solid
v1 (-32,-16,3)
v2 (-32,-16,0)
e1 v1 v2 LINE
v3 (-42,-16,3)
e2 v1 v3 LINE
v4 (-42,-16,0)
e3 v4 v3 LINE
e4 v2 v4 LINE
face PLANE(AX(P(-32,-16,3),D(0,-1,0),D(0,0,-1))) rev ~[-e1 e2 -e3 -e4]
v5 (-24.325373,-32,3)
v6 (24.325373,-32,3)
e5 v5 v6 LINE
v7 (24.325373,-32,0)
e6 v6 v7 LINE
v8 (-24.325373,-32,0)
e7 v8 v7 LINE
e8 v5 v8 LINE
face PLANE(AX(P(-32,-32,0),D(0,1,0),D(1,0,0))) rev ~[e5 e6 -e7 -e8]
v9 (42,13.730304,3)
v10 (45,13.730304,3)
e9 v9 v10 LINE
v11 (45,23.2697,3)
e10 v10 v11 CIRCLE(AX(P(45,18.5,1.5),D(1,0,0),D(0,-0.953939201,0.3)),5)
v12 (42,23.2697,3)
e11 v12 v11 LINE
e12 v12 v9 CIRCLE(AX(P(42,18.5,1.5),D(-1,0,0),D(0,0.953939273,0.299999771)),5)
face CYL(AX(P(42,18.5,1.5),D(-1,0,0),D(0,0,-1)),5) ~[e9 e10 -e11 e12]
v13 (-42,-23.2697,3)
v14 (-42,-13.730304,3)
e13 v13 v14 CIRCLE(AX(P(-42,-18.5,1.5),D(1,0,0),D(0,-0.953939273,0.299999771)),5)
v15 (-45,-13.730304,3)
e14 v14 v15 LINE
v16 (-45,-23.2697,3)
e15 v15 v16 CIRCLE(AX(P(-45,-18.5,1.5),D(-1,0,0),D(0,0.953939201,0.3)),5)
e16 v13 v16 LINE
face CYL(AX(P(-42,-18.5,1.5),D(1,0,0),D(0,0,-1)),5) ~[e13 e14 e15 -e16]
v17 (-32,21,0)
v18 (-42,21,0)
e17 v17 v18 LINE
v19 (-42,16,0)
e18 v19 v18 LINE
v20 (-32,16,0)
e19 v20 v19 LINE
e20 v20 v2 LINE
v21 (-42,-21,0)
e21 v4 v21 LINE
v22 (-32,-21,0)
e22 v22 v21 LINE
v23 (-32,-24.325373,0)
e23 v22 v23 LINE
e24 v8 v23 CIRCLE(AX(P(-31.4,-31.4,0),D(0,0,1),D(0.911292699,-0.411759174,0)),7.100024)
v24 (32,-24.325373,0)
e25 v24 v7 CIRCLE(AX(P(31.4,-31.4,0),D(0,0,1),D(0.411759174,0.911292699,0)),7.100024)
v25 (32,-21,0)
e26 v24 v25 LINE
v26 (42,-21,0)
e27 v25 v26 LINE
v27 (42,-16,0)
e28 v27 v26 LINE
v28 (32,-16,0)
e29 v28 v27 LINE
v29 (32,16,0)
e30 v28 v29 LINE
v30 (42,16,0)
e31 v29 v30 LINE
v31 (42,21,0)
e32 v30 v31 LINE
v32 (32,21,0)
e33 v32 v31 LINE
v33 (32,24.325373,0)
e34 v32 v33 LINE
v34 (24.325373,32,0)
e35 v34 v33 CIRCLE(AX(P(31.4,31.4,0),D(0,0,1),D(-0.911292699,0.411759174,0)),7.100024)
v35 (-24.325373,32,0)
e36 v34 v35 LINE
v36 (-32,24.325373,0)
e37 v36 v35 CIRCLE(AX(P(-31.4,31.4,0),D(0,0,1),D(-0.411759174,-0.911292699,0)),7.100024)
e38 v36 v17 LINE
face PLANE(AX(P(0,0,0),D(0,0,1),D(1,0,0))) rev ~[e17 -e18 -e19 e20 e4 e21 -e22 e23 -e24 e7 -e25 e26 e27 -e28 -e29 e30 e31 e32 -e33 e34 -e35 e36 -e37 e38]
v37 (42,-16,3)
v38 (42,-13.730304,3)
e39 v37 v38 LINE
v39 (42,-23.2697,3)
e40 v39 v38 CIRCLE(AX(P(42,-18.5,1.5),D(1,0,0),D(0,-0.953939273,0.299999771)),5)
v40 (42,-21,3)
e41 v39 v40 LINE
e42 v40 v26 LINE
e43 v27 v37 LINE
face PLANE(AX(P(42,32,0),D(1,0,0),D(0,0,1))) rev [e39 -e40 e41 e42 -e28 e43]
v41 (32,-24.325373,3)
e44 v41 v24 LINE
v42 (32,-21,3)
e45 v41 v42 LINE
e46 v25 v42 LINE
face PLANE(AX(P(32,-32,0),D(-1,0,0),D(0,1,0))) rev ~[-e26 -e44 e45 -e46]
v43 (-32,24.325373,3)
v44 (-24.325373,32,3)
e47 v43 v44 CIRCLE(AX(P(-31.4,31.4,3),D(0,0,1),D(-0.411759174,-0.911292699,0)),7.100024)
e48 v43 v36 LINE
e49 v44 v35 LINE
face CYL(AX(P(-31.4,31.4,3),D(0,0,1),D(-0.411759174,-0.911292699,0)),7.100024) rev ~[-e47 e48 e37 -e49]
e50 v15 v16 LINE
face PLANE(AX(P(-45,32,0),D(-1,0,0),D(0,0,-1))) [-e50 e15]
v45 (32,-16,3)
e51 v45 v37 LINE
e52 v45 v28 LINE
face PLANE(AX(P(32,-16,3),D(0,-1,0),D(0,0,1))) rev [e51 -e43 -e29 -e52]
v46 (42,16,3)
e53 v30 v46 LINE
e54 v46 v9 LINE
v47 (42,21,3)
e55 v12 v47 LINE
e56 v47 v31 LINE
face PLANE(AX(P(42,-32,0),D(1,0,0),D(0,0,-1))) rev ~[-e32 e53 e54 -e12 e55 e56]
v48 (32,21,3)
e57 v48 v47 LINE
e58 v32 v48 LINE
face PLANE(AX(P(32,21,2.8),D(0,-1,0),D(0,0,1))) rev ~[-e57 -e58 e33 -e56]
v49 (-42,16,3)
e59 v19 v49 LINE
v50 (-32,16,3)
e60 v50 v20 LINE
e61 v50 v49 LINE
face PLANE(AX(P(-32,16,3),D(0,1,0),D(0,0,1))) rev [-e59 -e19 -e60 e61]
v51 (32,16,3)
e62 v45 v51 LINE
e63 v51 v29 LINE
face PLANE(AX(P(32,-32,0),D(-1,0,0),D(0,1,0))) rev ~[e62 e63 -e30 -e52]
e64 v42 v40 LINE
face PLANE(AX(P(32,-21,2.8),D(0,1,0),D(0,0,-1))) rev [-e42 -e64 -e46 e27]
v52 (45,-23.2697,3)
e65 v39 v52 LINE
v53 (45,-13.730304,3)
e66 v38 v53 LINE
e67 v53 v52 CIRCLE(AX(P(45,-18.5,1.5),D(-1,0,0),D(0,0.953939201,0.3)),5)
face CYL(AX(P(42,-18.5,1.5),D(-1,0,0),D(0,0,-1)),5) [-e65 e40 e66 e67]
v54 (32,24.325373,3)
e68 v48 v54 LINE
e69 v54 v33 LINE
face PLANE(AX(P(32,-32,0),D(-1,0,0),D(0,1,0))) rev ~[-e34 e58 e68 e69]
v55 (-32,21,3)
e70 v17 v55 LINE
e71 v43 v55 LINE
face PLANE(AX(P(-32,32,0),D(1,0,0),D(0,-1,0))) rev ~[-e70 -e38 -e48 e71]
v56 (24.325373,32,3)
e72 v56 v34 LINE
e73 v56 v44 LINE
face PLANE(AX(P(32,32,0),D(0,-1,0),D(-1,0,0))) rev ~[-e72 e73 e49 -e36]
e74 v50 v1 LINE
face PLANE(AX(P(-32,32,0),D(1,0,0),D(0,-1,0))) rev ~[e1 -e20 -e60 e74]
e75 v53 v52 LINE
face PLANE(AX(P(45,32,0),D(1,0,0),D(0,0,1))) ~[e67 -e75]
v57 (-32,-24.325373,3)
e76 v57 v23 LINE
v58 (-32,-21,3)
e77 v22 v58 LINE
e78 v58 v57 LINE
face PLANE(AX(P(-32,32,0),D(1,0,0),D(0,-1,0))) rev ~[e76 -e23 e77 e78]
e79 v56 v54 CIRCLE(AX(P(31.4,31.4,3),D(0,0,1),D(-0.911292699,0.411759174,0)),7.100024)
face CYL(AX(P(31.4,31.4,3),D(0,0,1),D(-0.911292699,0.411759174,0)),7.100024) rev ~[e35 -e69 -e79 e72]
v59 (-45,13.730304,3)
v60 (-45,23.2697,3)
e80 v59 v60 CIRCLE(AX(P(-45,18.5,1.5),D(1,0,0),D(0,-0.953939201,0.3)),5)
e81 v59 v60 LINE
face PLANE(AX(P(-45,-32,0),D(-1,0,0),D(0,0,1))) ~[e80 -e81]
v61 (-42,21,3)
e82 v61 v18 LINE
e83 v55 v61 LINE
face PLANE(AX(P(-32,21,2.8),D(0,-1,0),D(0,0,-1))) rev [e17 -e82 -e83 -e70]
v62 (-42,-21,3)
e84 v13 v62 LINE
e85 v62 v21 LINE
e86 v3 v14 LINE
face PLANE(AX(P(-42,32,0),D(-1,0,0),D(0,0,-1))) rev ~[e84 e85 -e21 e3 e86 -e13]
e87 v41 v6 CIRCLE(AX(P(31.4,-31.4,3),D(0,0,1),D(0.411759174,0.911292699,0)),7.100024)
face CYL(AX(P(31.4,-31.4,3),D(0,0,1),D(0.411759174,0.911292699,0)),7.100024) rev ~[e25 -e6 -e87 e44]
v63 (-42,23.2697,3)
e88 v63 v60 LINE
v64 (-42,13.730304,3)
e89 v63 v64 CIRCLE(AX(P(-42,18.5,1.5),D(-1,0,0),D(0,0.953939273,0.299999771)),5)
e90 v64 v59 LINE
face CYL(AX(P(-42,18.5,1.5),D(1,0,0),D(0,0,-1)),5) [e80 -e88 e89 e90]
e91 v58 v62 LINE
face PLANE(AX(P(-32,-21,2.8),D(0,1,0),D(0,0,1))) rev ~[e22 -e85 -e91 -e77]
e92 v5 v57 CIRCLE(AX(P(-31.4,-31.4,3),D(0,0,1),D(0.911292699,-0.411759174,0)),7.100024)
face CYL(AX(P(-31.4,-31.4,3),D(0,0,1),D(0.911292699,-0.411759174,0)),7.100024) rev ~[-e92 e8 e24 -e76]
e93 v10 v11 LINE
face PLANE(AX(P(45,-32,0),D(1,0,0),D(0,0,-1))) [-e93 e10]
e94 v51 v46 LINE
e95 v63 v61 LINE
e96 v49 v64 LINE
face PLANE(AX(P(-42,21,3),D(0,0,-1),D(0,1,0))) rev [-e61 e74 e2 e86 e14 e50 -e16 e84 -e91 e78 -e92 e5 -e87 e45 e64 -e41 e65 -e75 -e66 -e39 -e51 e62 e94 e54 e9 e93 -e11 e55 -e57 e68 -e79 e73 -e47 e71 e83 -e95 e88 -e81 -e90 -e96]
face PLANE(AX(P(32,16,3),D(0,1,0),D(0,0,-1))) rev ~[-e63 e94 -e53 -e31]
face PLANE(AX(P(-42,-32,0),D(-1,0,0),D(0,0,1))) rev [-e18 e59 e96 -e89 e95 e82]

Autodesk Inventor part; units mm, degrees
ref_plane "YZ Plane" through (0, 0, 0) normal (1, 0, 0) x (0, 1, 0)
ref_plane "XZ Plane" through (0, 0, 0) normal (0, 1, 0) x (-1, 0, 0)
ref_plane "XY Plane" through (0, 0, 0) normal (0, 0, 1) x (1, 0, 0)
sketch "Boceto1" plane through (0, 0, 0) normal (0, 0, 1) x (1, 0, 0)
  line L0 (-32, -32) -> (32, -32)
  line L1 (32, -32) -> (32, 32)
  line L2 (32, 32) -> (-32, 32)
  line L3 (-32, 32) -> (-32, -32)
  line L4 (-32, -32) -> (32, 32) construction
  line L5 (32, -32) -> (-32, 32) construction
  point P0 (0, 0)
  dimension "d0" = 64
  dimension "d1" = 64
extrude "Extrusión1" add sketch "Boceto1" along normal blind 3
sketch "Boceto2" plane through (32, -32, 0) normal (1, 0, 0) x (0, 0, -1)
  line L0 (-74, 16.5) -> (1, 16.5) projected
  arc A0 (1, 10.5) -> (1, 16.5) centre (1, 13.5) ccw projected
  line L1 (1, 10.5) -> (-74, 10.5) projected
  line L2 (-74, -4.5) -> (-74, 10.5) projected
  line L3 (7, -4.5) -> (-74, -4.5) projected
  line L4 (7, -4.5) -> (7, 68.5) projected
  line L5 (7, 68.5) -> (-74, 68.5) projected
  line L6 (-74, 53.5) -> (-74, 68.5) projected
  line L7 (-74, 53.5) -> (1, 53.5) projected
  arc A1 (1, 47.5) -> (1, 53.5) centre (1, 50.5) ccw projected
  line L8 (1, 47.5) -> (-74, 47.5) projected
  line L9 (-74, 16.5) -> (-74, 47.5) projected
  line L10 (0, 0) -> (0, 64) projected
  line L11 (0, 64) -> (-3, 64) projected
  line L12 (-3, 0) -> (-3, 64) projected
  line L13 (0, 0) -> (-3, 0) projected
  line L14 (0, 47.5) -> (-3, 47.5)
  line L15 (-3, 47.5) -> (-3, 53.5)
  line L16 (-3, 53.5) -> (0, 53.5)
  line L17 (0, 53.5) -> (0, 47.5)
  line L18 (0, 47.7) -> (-3, 47.7)
  line L19 (-2.8, 47.7) -> (-2.8, 53.3)
  line L20 (-3, 53.3) -> (0, 53.3)
  line L21 (-0.2, 53.3) -> (-0.2, 47.7)
  line L22 (-2.5, 53) -> (-2.5, 48)
  line L23 (-3, 48) -> (0, 48)
  line L24 (-0.5, 48) -> (-0.5, 53)
  line L25 (0, 53) -> (-3, 53)
  point P0 (0, 32)
  dimension "d4" = 0.2
  dimension "d10" = 0.5
extrude "Extrusión2" add sketch "Boceto2" along normal blind 10 contours L12 L25 L19 L23 | L23 L21 L25 L10 | L19 L25 L22 L23 | L23 L24 L25 L21 | L22 L25 L24 L23
sketch "Boceto3" plane through (42, -32, 0) normal (1, 0, 0) x (0, 0, -1)
  line L0 (-3, 53) -> (-3, 48) projected
  line L1 (0, 48) -> (0, 53) projected
  line L2 (0, 47.7) -> (-3, 53.3)
  circle A0 centre (-1.5, 50.5) radius 5
  line L3 (-3, 53.3) -> (-3, 55.2697)
  line L4 (-3, 47.7) -> (0, 47.7)
  line L5 (0, 47.7) -> (0, 53.3)
  line L6 (0, 53.3) -> (-3, 53.3)
  line L7 (-3, 53.3) -> (-3, 47.7)
  line L8 (-3, 47.7) -> (-3, 42)
  line L9 (-3, 48) -> (0, 48) projected
  line L10 (0, 53) -> (-3, 53) projected
  point P0 (0, 32)
  point P1 (-3, 45.7303)
  point P2 (-2.8393, 53)
  point P3 (-0.1607, 48)
  dimension "d7" = 10
extrude "Extrusión3" add sketch "Boceto3" along normal blind 3 contours L10 L2 L9 L0 | L7 L2 L10 | L9 L2 L4 L7 | L6 L5 L10 L2 | L3 A0 L8 L4 L5 L1 L6 | L10 L1 L9 L2 | L9 L5 L2
ref_plane "Plano de trabajo1" through (0, -32, 3) normal (1, 0, 0) x (0, 0, -1)
ref_plane "Plano de trabajo2" through (-32, 0, 0) normal (0, 1, 0) x (1, 0, 0)
mirror "Simetría1" about plane through (-32, 0, 0) normal (0, 1, 0) of "Extrusión2", "Extrusión3"
mirror "Simetría2" about plane through (0, -32, 3) normal (1, 0, 0) of "Extrusión2", "Simetría1", "Extrusión3"
sketch "Boceto4" plane through (0, 0, 3) normal (0, 0, 1) x (1, 0, 0)
  arc A0 (-26.7524, -33.5) -> (-33.5, -26.7524) centre (-31.4, -31.4) ccw projected
  arc A1 (33.5, -26.7524) -> (26.7524, -33.5) centre (31.4, -31.4) ccw projected
  arc A2 (26.7524, 33.5) -> (33.5, 26.7524) centre (31.4, 31.4) ccw projected
  arc A3 (-33.5, 26.7524) -> (-26.7524, 33.5) centre (-31.4, 31.4) ccw projected
  line L0 (32, -32) -> (32, -21) projected
  line L1 (32, -21) -> (42, -21) projected
  line L2 (42, -23.2697) -> (42, -21) projected
  line L3 (42, -23.2697) -> (45, -23.2697) projected
  line L4 (45, -23.2697) -> (45, -13.7303) projected
  line L5 (42, -13.7303) -> (45, -13.7303) projected
  line L6 (42, -16) -> (42, -13.7303) projected
  line L7 (32, -16) -> (42, -16) projected
  line L8 (32, -16) -> (32, 16) projected
  line L9 (32, 16) -> (42, 16) projected
  line L10 (42, 16) -> (42, 13.7303) projected
  line L11 (42, 13.7303) -> (45, 13.7303) projected
  line L12 (45, 23.2697) -> (45, 13.7303) projected
  line L13 (42, 23.2697) -> (45, 23.2697) projected
  line L14 (42, 23.2697) -> (42, 21) projected
  line L15 (32, 21) -> (42, 21) projected
  line L16 (32, 21) -> (32, 32) projected
  line L17 (32, 32) -> (-32, 32) projected
  line L18 (-32, 32) -> (-32, 21) projected
  line L19 (-32, 21) -> (-42, 21) projected
  line L20 (-42, 23.2697) -> (-42, 21) projected
  line L21 (-42, 23.2697) -> (-45, 23.2697) projected
  line L22 (-45, 23.2697) -> (-45, 13.7303) projected
  line L23 (-42, 13.7303) -> (-45, 13.7303) projected
  line L24 (-42, 16) -> (-42, 13.7303) projected
  line L25 (-32, 16) -> (-42, 16) projected
  line L26 (-32, 16) -> (-32, -16) projected
  line L27 (-32, -16) -> (-42, -16) projected
  line L28 (-42, -16) -> (-42, -13.7303) projected
  line L29 (-42, -13.7303) -> (-45, -13.7303) projected
  line L30 (-45, -23.2697) -> (-45, -13.7303) projected
  line L31 (-42, -23.2697) -> (-45, -23.2697) projected
  line L32 (-42, -23.2697) -> (-42, -21) projected
  line L33 (-32, -21) -> (-42, -21) projected
  line L34 (-32, -21) -> (-32, -32) projected
  line L35 (-32, -32) -> (32, -32) projected
  arc A4 (-24.9298, -34.3235) -> (-34.3235, -24.9298) centre (-31.4, -31.4) ccw
  arc A5 (-34.3235, 24.9298) -> (-24.9298, 34.3235) centre (-31.4, 31.4) ccw
  arc A6 (24.9298, 34.3235) -> (34.3235, 24.9298) centre (31.4, 31.4) ccw
  arc A7 (34.3235, -24.9298) -> (24.9298, -34.3235) centre (31.4, -31.4) ccw
  point P0 (0, 0)
  point P1 (-32, 24.3254)
  point P2 (-24.3254, 32)
  point P3 (-24.3254, -32)
  point P4 (-32, -24.3254)
  point P5 (32, -24.3254)
  point P6 (24.3254, -32)
  point P7 (24.3254, 32)
  point P8 (32, 24.3254)
  dimension "d11" = 2
  dimension "d12" = 2
  dimension "d13" = 2
  dimension "d14" = 2
extrude "Extrusión4" cut sketch "Boceto4" against normal blind 3 contours L35 L34 A0 | A0 L34 A4 L35 | A7 L0 A1 L35 | A1 L0 L35 | L18 A3 L17 A5 | L18 L17 A3 | A6 L17 A2 L16 | A2 L17 L16
properties part number "Parte deslizante"
